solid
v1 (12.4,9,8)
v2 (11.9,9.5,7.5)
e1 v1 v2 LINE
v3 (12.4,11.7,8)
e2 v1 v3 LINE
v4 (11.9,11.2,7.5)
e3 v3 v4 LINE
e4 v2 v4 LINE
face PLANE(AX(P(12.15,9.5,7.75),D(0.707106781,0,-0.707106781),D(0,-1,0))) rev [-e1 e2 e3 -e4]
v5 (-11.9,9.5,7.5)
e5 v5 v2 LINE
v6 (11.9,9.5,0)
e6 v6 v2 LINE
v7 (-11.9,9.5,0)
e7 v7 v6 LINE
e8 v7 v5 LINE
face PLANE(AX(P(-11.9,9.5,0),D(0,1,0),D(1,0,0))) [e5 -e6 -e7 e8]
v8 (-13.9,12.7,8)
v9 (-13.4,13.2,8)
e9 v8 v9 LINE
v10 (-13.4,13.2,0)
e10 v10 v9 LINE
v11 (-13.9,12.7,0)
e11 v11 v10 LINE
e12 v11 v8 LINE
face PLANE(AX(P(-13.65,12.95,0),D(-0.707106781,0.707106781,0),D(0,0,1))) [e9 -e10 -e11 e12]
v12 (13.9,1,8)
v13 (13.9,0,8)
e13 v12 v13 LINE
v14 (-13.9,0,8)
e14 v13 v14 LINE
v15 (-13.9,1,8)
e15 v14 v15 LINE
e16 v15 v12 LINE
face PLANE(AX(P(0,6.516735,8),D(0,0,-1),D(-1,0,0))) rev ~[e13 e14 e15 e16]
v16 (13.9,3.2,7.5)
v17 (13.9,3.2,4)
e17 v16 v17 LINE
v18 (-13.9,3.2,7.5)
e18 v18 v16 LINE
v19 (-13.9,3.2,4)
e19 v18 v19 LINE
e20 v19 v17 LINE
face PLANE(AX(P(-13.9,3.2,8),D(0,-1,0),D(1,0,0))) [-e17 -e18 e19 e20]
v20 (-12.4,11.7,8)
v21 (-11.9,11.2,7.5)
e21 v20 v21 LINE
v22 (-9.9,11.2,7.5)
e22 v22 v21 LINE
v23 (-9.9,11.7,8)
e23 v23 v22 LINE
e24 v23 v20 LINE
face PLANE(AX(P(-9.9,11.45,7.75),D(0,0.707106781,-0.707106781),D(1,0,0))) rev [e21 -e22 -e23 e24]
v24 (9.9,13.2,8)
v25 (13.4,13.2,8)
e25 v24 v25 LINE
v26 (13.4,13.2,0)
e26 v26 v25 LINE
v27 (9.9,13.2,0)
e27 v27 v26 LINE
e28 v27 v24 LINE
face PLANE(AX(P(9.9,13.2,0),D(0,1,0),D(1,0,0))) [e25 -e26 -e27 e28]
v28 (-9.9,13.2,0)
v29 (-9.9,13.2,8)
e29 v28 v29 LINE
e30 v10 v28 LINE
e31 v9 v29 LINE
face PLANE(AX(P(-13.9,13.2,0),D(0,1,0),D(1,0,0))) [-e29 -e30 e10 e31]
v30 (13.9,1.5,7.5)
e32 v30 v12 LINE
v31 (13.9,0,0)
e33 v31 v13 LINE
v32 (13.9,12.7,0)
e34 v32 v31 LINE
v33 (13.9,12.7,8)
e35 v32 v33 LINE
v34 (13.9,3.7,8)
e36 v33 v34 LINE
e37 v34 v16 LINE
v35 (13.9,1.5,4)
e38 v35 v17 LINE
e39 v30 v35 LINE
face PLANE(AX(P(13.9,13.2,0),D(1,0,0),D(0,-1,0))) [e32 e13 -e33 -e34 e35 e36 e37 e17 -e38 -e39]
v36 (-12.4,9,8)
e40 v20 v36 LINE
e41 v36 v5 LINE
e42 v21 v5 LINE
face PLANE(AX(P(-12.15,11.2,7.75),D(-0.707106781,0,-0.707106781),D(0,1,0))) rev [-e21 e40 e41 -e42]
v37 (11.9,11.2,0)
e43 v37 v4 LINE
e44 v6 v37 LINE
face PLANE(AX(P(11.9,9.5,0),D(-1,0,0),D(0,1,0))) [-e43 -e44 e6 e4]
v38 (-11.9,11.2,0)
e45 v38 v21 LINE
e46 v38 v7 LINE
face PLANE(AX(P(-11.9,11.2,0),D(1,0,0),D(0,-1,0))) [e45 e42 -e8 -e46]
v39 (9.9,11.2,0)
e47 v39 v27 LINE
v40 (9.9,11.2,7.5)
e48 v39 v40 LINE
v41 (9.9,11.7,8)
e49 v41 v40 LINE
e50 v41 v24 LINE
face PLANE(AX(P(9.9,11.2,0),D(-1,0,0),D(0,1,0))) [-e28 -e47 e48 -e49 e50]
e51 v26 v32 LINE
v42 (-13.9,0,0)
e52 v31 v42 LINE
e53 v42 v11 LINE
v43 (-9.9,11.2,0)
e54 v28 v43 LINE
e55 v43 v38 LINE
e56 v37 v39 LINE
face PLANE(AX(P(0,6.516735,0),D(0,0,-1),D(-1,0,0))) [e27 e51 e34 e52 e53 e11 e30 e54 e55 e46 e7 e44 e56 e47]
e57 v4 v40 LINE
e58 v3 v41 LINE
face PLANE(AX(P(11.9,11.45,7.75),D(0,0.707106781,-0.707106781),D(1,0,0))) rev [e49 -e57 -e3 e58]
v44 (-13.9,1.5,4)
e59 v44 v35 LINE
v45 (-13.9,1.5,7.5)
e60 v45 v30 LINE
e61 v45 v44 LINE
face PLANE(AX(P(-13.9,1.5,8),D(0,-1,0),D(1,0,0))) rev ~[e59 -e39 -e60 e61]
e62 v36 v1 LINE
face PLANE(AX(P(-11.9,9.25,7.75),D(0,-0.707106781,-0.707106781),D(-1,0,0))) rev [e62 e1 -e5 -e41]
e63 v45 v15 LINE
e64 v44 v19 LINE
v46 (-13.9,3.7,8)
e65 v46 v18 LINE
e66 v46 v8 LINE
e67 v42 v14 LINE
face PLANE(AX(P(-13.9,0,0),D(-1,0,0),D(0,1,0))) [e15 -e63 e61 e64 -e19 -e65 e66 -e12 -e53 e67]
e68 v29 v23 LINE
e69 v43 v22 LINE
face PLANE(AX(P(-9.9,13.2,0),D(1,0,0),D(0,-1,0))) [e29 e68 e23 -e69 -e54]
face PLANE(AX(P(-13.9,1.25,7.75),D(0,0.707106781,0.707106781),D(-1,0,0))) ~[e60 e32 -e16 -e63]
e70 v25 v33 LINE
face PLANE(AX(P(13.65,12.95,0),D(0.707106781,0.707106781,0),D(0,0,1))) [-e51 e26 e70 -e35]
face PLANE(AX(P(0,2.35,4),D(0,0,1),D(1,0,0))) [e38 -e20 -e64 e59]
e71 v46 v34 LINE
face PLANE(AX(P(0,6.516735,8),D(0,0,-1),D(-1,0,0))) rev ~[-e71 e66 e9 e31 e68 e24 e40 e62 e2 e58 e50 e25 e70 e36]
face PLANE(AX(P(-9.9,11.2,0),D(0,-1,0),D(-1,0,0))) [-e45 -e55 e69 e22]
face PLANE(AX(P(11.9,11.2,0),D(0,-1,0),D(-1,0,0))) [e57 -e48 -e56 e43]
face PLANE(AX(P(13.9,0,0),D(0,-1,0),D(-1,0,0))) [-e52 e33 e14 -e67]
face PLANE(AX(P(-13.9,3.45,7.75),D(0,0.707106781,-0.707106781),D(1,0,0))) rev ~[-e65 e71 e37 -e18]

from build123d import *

# Parameters (mm, degrees)
PAD_DEPTH    = 8
SKETCH001_W  = 27.8
SKETCH001_H  = 1.7
POCKET_DEPTH = 4
CHAMFER_SIZE = 0.5


with BuildPart() as part:
    # Sketch → Pad (new body)
    with BuildSketch(Plane.XY):
        Polygon((-13.9, 0), (-13.9, 13.2), (-9.9, 13.2), (-9.9, 11.2), (-11.9, 11.2), (-11.9, 9.5), (11.9, 9.5), (11.9, 11.2), (9.9, 11.2), (9.9, 13.2), (13.9, 13.2), (13.9, 0), align=None)
    extrude(amount=PAD_DEPTH)

    # Sketch001 → Pocket (cut)
    with BuildSketch(Plane.XY.offset(8)):
        with Locations((0, 2.35)):
            Rectangle(SKETCH001_W, SKETCH001_H)
    extrude(amount=-POCKET_DEPTH, mode=Mode.SUBTRACT)

    # Chamfer
    chamfer_edges = [part.edges().sort_by_distance(p)[0] for p in [
        (0, 1.5, 8),
        (0, 3.2, 8),
        (0, 9.5, 8),
        (-11.9, 10.35, 8),
        (-10.9, 11.2, 8),
        (11.9, 10.35, 8),
        (10.9, 11.2, 8),
        (-13.9, 13.2, 4),
        (13.9, 13.2, 4),
    ]]
    chamfer(chamfer_edges, length=CHAMFER_SIZE)


solid = part.part
